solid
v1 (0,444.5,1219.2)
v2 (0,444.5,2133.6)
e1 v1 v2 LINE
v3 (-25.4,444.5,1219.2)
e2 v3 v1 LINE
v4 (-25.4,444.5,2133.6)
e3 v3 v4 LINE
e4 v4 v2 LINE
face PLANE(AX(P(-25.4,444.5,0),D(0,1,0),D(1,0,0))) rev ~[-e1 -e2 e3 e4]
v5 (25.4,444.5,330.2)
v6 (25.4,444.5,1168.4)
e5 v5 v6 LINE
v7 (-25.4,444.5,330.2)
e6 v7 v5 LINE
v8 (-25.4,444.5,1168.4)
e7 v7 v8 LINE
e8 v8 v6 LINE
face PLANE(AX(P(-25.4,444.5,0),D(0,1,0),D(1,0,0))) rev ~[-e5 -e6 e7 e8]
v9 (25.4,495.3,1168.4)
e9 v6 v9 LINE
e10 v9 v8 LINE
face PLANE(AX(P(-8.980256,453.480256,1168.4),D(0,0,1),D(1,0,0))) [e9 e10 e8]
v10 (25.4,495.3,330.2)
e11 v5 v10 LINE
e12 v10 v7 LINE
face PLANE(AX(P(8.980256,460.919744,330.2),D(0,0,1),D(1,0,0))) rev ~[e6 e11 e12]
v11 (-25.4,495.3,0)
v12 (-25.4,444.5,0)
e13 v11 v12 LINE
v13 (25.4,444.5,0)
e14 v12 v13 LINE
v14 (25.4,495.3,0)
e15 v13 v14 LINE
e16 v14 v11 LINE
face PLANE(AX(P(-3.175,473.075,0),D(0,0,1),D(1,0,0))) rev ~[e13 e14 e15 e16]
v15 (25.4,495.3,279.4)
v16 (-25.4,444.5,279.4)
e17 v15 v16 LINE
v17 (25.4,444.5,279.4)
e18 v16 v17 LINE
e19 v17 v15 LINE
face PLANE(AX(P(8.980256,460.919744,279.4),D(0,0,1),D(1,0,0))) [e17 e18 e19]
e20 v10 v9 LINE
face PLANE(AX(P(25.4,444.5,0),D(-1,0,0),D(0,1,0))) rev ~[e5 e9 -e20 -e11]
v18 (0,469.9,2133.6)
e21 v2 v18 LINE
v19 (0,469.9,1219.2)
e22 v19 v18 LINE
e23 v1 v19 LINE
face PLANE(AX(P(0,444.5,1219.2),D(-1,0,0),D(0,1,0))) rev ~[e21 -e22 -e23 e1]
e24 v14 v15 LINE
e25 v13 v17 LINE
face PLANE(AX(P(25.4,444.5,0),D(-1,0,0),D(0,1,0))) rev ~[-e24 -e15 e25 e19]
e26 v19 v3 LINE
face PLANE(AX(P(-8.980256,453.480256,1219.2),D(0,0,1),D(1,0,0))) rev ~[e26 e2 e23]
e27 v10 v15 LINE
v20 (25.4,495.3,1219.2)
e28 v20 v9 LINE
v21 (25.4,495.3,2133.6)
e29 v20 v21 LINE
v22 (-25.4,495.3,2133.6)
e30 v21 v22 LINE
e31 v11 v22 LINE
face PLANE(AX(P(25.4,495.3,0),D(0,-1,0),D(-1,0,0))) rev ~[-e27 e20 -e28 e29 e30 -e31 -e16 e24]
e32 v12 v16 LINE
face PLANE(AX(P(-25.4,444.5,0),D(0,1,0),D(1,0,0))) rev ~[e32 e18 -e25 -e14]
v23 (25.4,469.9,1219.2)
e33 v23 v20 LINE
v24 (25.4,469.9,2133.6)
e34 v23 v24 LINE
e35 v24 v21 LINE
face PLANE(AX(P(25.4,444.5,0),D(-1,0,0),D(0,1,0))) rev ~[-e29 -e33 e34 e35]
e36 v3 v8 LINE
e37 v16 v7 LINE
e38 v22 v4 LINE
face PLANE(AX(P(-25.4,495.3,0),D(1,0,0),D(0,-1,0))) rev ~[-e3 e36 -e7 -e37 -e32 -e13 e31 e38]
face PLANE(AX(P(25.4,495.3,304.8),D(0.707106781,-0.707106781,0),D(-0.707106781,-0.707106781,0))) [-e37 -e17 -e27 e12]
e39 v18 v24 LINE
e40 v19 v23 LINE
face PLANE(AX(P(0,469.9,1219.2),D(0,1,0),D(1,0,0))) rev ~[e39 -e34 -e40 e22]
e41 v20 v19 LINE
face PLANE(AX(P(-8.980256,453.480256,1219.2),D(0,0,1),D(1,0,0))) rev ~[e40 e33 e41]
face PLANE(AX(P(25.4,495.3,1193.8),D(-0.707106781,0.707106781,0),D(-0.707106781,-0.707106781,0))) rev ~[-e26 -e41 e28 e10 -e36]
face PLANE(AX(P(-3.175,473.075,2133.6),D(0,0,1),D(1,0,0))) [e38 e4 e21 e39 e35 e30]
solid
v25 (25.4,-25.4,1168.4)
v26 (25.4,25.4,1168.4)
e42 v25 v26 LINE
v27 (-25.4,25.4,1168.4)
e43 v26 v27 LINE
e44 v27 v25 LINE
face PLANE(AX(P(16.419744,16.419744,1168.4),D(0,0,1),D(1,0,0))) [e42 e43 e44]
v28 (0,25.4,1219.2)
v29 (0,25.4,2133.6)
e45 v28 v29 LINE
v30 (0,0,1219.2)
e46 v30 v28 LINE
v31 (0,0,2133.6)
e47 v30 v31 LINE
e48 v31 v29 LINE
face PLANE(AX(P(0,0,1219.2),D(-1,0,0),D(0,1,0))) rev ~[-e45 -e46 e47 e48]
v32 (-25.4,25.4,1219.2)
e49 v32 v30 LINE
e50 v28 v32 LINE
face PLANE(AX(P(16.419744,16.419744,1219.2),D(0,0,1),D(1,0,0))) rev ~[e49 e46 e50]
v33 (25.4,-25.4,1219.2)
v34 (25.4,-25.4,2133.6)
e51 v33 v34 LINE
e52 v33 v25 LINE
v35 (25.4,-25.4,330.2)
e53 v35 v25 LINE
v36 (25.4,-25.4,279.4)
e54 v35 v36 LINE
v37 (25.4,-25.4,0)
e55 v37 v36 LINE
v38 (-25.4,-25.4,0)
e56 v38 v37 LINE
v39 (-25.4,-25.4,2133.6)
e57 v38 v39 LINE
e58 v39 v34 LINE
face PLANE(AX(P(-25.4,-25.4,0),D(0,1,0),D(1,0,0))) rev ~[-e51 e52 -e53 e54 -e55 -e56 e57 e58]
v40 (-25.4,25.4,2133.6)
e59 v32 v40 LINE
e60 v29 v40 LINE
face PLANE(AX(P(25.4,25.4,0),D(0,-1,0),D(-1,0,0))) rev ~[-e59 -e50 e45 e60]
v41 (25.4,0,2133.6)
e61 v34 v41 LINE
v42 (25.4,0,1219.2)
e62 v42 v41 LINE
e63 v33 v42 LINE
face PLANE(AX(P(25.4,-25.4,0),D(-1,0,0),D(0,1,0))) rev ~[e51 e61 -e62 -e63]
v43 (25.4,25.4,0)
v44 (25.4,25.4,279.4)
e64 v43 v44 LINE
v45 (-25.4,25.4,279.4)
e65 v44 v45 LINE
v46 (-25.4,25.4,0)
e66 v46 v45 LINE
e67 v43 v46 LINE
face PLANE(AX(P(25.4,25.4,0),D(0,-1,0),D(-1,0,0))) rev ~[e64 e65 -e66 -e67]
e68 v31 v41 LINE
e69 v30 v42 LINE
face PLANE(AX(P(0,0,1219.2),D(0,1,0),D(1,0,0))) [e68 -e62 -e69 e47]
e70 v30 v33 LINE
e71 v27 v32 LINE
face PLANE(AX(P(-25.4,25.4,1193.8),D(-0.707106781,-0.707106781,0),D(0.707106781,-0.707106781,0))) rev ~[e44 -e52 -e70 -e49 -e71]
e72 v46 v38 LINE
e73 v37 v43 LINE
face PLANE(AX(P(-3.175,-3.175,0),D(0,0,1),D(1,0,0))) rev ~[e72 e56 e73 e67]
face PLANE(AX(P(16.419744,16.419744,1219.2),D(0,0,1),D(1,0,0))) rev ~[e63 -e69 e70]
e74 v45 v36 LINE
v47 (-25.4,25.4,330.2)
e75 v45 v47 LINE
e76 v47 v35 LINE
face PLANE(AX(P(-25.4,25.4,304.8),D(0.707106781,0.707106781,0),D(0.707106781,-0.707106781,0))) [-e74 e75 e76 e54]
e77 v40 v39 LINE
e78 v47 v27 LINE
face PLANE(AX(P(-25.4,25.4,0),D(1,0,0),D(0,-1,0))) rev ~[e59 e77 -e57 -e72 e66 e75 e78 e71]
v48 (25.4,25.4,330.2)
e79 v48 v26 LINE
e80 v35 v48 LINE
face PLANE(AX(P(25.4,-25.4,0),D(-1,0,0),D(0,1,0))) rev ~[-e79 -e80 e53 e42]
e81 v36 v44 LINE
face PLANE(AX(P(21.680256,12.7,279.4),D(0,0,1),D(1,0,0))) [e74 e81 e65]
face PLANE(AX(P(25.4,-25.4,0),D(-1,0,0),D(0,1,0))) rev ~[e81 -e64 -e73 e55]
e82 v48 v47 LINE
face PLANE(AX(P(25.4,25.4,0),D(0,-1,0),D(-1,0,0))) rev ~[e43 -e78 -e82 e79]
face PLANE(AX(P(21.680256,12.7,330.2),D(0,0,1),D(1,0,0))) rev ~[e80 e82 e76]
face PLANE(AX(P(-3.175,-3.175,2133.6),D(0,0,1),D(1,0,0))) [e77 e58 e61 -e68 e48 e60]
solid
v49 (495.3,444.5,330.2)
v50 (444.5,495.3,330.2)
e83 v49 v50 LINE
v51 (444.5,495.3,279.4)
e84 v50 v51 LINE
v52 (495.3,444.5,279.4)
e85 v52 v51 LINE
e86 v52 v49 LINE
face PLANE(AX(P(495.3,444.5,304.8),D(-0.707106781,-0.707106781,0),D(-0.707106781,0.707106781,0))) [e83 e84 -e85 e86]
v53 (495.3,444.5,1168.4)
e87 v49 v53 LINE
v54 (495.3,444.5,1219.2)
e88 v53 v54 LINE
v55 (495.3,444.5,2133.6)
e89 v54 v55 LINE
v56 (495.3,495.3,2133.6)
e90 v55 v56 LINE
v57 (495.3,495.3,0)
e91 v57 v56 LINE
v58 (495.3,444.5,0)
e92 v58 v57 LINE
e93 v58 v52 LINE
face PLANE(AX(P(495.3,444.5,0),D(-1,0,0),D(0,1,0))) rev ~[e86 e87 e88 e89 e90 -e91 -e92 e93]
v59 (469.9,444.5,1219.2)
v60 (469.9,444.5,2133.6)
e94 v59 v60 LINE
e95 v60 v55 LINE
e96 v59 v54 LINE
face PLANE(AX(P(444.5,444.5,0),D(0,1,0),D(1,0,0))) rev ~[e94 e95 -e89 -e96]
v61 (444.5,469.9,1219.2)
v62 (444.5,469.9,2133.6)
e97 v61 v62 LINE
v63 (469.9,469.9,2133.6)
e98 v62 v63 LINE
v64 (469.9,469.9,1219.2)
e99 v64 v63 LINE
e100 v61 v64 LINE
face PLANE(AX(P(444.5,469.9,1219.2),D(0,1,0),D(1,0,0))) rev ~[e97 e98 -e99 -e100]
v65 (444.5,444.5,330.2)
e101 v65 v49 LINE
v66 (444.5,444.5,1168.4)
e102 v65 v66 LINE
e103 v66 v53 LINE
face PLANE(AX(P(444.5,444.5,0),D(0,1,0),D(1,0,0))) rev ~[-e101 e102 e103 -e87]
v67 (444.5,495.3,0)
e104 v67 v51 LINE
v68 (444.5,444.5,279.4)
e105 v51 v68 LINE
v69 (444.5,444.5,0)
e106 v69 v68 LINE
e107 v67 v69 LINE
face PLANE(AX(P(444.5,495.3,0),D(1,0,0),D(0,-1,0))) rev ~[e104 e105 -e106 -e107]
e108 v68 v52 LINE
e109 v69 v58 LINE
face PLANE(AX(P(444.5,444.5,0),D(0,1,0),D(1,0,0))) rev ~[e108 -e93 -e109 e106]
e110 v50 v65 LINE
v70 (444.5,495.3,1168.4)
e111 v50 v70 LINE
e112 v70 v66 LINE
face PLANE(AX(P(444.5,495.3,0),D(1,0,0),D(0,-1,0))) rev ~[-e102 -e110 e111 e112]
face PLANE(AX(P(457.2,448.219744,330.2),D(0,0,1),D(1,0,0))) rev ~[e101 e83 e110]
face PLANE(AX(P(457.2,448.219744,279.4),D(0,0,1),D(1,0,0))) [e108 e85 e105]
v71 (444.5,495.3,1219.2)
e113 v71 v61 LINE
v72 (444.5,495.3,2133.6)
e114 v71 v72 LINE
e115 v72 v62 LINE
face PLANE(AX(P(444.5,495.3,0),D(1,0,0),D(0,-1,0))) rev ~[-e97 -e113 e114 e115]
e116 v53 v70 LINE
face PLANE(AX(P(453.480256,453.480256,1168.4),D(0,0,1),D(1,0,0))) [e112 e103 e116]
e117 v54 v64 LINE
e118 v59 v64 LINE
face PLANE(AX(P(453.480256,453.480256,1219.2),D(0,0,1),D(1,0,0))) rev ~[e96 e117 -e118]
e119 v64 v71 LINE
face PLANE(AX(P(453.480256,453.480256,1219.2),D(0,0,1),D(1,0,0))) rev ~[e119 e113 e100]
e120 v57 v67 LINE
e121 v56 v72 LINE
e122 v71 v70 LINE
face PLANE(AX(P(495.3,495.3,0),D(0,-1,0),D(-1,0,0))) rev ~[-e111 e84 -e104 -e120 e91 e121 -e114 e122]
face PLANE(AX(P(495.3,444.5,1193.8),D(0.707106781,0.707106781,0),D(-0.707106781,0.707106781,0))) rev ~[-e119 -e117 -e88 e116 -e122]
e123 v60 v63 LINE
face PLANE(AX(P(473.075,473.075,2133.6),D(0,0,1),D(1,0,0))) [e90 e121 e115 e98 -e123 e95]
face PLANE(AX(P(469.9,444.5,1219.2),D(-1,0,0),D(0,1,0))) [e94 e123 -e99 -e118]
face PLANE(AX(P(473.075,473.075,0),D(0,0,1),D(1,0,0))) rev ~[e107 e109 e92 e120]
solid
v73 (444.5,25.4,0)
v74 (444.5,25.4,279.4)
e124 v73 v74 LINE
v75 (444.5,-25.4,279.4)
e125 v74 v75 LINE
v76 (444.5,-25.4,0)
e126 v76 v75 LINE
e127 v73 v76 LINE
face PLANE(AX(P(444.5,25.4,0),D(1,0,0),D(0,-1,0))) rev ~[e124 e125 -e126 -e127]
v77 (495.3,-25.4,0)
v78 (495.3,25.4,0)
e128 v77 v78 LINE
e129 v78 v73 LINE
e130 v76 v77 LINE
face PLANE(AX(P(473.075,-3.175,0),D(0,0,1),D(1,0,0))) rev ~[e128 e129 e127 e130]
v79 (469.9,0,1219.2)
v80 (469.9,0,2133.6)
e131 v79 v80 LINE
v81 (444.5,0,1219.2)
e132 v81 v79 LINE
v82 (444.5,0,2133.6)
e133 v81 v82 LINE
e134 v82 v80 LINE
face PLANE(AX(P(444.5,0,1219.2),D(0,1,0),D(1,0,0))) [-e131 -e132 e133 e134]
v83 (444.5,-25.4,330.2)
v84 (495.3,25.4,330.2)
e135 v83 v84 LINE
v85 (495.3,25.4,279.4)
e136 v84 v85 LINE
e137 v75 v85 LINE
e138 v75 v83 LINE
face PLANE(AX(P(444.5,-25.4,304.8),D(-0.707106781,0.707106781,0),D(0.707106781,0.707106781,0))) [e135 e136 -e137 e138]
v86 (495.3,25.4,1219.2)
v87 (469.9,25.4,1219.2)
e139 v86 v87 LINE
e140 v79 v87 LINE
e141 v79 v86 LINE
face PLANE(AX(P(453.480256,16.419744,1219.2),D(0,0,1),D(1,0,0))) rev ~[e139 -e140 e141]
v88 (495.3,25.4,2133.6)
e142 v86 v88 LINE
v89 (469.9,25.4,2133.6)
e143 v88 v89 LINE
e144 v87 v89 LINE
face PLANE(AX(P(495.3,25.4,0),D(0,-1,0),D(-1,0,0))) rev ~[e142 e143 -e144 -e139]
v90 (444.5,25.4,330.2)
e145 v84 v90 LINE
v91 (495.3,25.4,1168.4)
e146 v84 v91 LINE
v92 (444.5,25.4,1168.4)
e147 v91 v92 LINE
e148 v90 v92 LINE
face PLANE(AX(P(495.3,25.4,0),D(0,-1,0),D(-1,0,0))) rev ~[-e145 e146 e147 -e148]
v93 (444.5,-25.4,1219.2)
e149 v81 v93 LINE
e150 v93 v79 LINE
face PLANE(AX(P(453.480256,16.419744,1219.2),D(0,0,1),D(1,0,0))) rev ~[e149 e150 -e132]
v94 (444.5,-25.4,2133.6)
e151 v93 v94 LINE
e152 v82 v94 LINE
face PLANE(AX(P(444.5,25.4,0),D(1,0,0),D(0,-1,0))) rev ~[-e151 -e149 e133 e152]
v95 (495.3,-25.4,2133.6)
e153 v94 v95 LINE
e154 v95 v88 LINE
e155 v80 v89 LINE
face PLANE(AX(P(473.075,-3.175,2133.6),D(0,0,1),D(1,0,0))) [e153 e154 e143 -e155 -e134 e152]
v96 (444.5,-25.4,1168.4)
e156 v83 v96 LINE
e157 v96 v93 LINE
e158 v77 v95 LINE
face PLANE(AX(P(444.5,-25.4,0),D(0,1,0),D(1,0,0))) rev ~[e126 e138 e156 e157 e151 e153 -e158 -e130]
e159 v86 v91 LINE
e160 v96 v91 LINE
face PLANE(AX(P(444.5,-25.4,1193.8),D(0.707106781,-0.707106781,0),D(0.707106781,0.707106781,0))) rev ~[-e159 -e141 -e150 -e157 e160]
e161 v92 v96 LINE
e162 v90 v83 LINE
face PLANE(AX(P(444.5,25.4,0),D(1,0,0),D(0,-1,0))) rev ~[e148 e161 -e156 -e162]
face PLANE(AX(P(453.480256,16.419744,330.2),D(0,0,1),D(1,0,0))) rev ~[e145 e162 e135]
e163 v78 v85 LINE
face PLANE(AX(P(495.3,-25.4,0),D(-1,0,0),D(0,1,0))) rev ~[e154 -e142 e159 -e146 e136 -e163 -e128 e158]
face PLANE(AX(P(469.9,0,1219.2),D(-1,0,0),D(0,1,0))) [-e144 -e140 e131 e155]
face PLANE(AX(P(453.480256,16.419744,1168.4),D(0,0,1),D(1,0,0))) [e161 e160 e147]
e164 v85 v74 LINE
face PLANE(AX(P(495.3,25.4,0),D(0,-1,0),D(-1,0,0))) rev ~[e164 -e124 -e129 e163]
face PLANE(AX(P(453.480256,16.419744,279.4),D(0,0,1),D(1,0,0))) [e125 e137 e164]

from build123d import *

# Parameters (mm, degrees)
F0_W          = 25.4
F0_H          = 25.4
F1_DEPTH      = 2133.6
F4_DEPTH      = 25.4
F4_DEPTH_BACK = 25.4
F7_DEPTH      = 25.4
F7_DEPTH_BACK = 25.4
F9_W          = 25.4
F9_H          = 25.4
F10_DEPTH     = 914.4


with BuildPart() as f1:
    # F0 (on Top) → F1 (new body)
    with BuildSketch(Plane.XY):
        Polygon((25.4, 0), (0, 0), (0, 25.4), (-25.4, 25.4), (-25.4, -25.4), (25.4, -25.4), align=None)
        with Locations((12.7, 12.7)):
            Rectangle(F0_W, F0_H)
    extrude(amount=F1_DEPTH)


with BuildPart() as f1b:
    # F0 (on Top) → F1, piece 2 (new body)
    with BuildSketch(Plane.XY):
        Polygon((-25.4, 444.5), (0, 444.5), (0, 469.9), (25.4, 469.9), (25.4, 495.3), (-25.4, 495.3), align=None)
        with Locations((12.7, 457.2)):
            Rectangle(F0_W, F0_H)
    extrude(amount=F1_DEPTH)


with BuildPart() as f1c:
    # F0 (on Top) → F1, piece 3 (new body)
    with BuildSketch(Plane.XY):
        Polygon((469.9, 469.9), (469.9, 444.5), (495.3, 444.5), (495.3, 495.3), (444.5, 495.3), (444.5, 469.9), align=None)
        with Locations((457.2, 457.2)):
            Rectangle(F0_W, F0_H)
    extrude(amount=F1_DEPTH)


with BuildPart() as f1d:
    # F0 (on Top) → F1, piece 4 (new body)
    with BuildSketch(Plane.XY):
        Polygon((469.9, 0), (444.5, 0), (444.5, -25.4), (495.3, -25.4), (495.3, 25.4), (469.9, 25.4), align=None)
        with Locations((457.2, 12.7)):
            Rectangle(F0_W, F0_H)
    extrude(amount=F1_DEPTH)


with BuildPart() as f4_tool:
    # F3 (on offset) → F4 (new body, two sides)
    with BuildSketch(Plane.XY.offset(304.8)) as f4_sk:
        Polygon((457.2, 457.2), (444.5, 444.5), (469.9, 444.5), align=None)
        Polygon((444.5, 469.9), (444.5, 444.5), (457.2, 457.2), align=None)
        Polygon((12.7, 12.7), (25.4, 0), (25.4, 25.4), align=None)
        Polygon((25.4, 25.4), (0, 25.4), (12.7, 12.7), align=None)
        Polygon((444.5, 25.4), (444.5, 0), (469.9, 25.4), align=None)
        Polygon((469.9, 0), (444.5, 0), (444.5, -25.4), align=None)
        Polygon((469.9, 25.4), (444.5, 0), (469.9, 0), align=None)
        Polygon((469.9, 25.4), (469.9, 0), (495.3, 25.4), align=None)
        Polygon((25.4, 0), (0, 0), (25.4, -25.4), align=None)
        Polygon((12.7, 12.7), (0, 0), (25.4, 0), align=None)
        Polygon((0, 25.4), (0, 0), (12.7, 12.7), align=None)
        Polygon((-25.4, 25.4), (0, 0), (0, 25.4), align=None)
        Polygon((0, 469.9), (0, 444.5), (25.4, 469.9), align=None)
        Polygon((25.4, 495.3), (0, 469.9), (25.4, 469.9), align=None)
        Polygon((-25.4, 444.5), (0, 444.5), (0, 469.9), align=None)
        Polygon((25.4, 469.9), (0, 444.5), (25.4, 444.5), align=None)
        Polygon((444.5, 495.3), (444.5, 469.9), (469.9, 469.9), align=None)
        Polygon((469.9, 469.9), (469.9, 444.5), (495.3, 444.5), align=None)
        Polygon((457.2, 457.2), (469.9, 444.5), (469.9, 469.9), align=None)
        Polygon((469.9, 469.9), (444.5, 469.9), (457.2, 457.2), align=None)
    extrude(amount=-F4_DEPTH)
    extrude(f4_sk.sketch, amount=F4_DEPTH_BACK)


with BuildPart() as f1_1:
    add(f1.part)

    # F4: cut by f4_tool
    add(f4_tool.part, mode=Mode.SUBTRACT)


with BuildPart() as f1b_1:
    add(f1b.part)

    # F4: cut by f4_tool
    add(f4_tool.part, mode=Mode.SUBTRACT)


with BuildPart() as f1c_1:
    add(f1c.part)

    # F4: cut by f4_tool
    add(f4_tool.part, mode=Mode.SUBTRACT)


with BuildPart() as f1d_1:
    add(f1d.part)

    # F4: cut by f4_tool
    add(f4_tool.part, mode=Mode.SUBTRACT)


with BuildPart() as f7_tool:
    # F6 (on offset) → F7 (new body, two sides)
    with BuildSketch(Plane.XY.offset(1193.8)) as f7_sk:
        Polygon((444.5, 444.5), (469.9, 444.5), (444.5, 469.9), align=None)
        Polygon((444.5, 25.4), (444.5, 0), (469.9, 25.4), align=None)
        Polygon((0, 25.4), (25.4, 0), (25.4, 25.4), align=None)
        Polygon((-25.4, 444.5), (0, 444.5), (0, 469.9), align=None)
        Polygon((25.4, 495.3), (0, 469.9), (25.4, 469.9), align=None)
        Polygon((0, 469.9), (0, 444.5), (25.4, 469.9), align=None)
        Polygon((25.4, 469.9), (0, 444.5), (25.4, 444.5), align=None)
        Polygon((444.5, 495.3), (444.5, 469.9), (469.9, 469.9), align=None)
        Polygon((444.5, 469.9), (469.9, 444.5), (469.9, 469.9), align=None)
        Polygon((469.9, 469.9), (469.9, 444.5), (495.3, 444.5), align=None)
        Polygon((469.9, 25.4), (469.9, 0), (495.3, 25.4), align=None)
        Polygon((469.9, 25.4), (444.5, 0), (469.9, 0), align=None)
        Polygon((469.9, 0), (444.5, 0), (444.5, -25.4), align=None)
        Polygon((25.4, 0), (0, 0), (25.4, -25.4), align=None)
        Polygon((0, 25.4), (0, 0), (25.4, 0), align=None)
        Polygon((-25.4, 25.4), (0, 0), (0, 25.4), align=None)
    extrude(amount=F7_DEPTH)
    extrude(f7_sk.sketch, amount=-F7_DEPTH_BACK)


with BuildPart() as f1_2:
    add(f1_1.part)

    # F7: cut by f7_tool
    add(f7_tool.part, mode=Mode.SUBTRACT)


with BuildPart() as f1b_2:
    add(f1b_1.part)

    # F7: cut by f7_tool
    add(f7_tool.part, mode=Mode.SUBTRACT)


with BuildPart() as f1c_2:
    add(f1c_1.part)

    # F7: cut by f7_tool
    add(f7_tool.part, mode=Mode.SUBTRACT)


with BuildPart() as f1d_2:
    add(f1d_1.part)

    # F7: cut by f7_tool
    add(f7_tool.part, mode=Mode.SUBTRACT)


with BuildPart() as f10_tool:
    # F9 (on offset) → F10 (new body)
    with BuildSketch(Plane.XY.offset(1219.2)):
        with Locations((12.7, 12.7)):
            Rectangle(F9_W, F9_H)
        with Locations((12.7, 457.2)):
            Rectangle(F9_W, F9_H)
        with Locations((457.2, 457.2)):
            Rectangle(F9_W, F9_H)
        with Locations((457.2, 12.7)):
            Rectangle(F9_W, F9_H)
    extrude(amount=F10_DEPTH)


with BuildPart() as f1_3:
    add(f1_2.part)

    # F10: cut by f10_tool
    add(f10_tool.part, mode=Mode.SUBTRACT)


with BuildPart() as f1b_3:
    add(f1b_2.part)

    # F10: cut by f10_tool
    add(f10_tool.part, mode=Mode.SUBTRACT)


with BuildPart() as f1c_3:
    add(f1c_2.part)

    # F10: cut by f10_tool
    add(f10_tool.part, mode=Mode.SUBTRACT)


with BuildPart() as f1d_3:
    add(f1d_2.part)

    # F10: cut by f10_tool
    add(f10_tool.part, mode=Mode.SUBTRACT)


solid = Compound([f1_3.part, f1b_3.part, f1c_3.part, f1d_3.part])
